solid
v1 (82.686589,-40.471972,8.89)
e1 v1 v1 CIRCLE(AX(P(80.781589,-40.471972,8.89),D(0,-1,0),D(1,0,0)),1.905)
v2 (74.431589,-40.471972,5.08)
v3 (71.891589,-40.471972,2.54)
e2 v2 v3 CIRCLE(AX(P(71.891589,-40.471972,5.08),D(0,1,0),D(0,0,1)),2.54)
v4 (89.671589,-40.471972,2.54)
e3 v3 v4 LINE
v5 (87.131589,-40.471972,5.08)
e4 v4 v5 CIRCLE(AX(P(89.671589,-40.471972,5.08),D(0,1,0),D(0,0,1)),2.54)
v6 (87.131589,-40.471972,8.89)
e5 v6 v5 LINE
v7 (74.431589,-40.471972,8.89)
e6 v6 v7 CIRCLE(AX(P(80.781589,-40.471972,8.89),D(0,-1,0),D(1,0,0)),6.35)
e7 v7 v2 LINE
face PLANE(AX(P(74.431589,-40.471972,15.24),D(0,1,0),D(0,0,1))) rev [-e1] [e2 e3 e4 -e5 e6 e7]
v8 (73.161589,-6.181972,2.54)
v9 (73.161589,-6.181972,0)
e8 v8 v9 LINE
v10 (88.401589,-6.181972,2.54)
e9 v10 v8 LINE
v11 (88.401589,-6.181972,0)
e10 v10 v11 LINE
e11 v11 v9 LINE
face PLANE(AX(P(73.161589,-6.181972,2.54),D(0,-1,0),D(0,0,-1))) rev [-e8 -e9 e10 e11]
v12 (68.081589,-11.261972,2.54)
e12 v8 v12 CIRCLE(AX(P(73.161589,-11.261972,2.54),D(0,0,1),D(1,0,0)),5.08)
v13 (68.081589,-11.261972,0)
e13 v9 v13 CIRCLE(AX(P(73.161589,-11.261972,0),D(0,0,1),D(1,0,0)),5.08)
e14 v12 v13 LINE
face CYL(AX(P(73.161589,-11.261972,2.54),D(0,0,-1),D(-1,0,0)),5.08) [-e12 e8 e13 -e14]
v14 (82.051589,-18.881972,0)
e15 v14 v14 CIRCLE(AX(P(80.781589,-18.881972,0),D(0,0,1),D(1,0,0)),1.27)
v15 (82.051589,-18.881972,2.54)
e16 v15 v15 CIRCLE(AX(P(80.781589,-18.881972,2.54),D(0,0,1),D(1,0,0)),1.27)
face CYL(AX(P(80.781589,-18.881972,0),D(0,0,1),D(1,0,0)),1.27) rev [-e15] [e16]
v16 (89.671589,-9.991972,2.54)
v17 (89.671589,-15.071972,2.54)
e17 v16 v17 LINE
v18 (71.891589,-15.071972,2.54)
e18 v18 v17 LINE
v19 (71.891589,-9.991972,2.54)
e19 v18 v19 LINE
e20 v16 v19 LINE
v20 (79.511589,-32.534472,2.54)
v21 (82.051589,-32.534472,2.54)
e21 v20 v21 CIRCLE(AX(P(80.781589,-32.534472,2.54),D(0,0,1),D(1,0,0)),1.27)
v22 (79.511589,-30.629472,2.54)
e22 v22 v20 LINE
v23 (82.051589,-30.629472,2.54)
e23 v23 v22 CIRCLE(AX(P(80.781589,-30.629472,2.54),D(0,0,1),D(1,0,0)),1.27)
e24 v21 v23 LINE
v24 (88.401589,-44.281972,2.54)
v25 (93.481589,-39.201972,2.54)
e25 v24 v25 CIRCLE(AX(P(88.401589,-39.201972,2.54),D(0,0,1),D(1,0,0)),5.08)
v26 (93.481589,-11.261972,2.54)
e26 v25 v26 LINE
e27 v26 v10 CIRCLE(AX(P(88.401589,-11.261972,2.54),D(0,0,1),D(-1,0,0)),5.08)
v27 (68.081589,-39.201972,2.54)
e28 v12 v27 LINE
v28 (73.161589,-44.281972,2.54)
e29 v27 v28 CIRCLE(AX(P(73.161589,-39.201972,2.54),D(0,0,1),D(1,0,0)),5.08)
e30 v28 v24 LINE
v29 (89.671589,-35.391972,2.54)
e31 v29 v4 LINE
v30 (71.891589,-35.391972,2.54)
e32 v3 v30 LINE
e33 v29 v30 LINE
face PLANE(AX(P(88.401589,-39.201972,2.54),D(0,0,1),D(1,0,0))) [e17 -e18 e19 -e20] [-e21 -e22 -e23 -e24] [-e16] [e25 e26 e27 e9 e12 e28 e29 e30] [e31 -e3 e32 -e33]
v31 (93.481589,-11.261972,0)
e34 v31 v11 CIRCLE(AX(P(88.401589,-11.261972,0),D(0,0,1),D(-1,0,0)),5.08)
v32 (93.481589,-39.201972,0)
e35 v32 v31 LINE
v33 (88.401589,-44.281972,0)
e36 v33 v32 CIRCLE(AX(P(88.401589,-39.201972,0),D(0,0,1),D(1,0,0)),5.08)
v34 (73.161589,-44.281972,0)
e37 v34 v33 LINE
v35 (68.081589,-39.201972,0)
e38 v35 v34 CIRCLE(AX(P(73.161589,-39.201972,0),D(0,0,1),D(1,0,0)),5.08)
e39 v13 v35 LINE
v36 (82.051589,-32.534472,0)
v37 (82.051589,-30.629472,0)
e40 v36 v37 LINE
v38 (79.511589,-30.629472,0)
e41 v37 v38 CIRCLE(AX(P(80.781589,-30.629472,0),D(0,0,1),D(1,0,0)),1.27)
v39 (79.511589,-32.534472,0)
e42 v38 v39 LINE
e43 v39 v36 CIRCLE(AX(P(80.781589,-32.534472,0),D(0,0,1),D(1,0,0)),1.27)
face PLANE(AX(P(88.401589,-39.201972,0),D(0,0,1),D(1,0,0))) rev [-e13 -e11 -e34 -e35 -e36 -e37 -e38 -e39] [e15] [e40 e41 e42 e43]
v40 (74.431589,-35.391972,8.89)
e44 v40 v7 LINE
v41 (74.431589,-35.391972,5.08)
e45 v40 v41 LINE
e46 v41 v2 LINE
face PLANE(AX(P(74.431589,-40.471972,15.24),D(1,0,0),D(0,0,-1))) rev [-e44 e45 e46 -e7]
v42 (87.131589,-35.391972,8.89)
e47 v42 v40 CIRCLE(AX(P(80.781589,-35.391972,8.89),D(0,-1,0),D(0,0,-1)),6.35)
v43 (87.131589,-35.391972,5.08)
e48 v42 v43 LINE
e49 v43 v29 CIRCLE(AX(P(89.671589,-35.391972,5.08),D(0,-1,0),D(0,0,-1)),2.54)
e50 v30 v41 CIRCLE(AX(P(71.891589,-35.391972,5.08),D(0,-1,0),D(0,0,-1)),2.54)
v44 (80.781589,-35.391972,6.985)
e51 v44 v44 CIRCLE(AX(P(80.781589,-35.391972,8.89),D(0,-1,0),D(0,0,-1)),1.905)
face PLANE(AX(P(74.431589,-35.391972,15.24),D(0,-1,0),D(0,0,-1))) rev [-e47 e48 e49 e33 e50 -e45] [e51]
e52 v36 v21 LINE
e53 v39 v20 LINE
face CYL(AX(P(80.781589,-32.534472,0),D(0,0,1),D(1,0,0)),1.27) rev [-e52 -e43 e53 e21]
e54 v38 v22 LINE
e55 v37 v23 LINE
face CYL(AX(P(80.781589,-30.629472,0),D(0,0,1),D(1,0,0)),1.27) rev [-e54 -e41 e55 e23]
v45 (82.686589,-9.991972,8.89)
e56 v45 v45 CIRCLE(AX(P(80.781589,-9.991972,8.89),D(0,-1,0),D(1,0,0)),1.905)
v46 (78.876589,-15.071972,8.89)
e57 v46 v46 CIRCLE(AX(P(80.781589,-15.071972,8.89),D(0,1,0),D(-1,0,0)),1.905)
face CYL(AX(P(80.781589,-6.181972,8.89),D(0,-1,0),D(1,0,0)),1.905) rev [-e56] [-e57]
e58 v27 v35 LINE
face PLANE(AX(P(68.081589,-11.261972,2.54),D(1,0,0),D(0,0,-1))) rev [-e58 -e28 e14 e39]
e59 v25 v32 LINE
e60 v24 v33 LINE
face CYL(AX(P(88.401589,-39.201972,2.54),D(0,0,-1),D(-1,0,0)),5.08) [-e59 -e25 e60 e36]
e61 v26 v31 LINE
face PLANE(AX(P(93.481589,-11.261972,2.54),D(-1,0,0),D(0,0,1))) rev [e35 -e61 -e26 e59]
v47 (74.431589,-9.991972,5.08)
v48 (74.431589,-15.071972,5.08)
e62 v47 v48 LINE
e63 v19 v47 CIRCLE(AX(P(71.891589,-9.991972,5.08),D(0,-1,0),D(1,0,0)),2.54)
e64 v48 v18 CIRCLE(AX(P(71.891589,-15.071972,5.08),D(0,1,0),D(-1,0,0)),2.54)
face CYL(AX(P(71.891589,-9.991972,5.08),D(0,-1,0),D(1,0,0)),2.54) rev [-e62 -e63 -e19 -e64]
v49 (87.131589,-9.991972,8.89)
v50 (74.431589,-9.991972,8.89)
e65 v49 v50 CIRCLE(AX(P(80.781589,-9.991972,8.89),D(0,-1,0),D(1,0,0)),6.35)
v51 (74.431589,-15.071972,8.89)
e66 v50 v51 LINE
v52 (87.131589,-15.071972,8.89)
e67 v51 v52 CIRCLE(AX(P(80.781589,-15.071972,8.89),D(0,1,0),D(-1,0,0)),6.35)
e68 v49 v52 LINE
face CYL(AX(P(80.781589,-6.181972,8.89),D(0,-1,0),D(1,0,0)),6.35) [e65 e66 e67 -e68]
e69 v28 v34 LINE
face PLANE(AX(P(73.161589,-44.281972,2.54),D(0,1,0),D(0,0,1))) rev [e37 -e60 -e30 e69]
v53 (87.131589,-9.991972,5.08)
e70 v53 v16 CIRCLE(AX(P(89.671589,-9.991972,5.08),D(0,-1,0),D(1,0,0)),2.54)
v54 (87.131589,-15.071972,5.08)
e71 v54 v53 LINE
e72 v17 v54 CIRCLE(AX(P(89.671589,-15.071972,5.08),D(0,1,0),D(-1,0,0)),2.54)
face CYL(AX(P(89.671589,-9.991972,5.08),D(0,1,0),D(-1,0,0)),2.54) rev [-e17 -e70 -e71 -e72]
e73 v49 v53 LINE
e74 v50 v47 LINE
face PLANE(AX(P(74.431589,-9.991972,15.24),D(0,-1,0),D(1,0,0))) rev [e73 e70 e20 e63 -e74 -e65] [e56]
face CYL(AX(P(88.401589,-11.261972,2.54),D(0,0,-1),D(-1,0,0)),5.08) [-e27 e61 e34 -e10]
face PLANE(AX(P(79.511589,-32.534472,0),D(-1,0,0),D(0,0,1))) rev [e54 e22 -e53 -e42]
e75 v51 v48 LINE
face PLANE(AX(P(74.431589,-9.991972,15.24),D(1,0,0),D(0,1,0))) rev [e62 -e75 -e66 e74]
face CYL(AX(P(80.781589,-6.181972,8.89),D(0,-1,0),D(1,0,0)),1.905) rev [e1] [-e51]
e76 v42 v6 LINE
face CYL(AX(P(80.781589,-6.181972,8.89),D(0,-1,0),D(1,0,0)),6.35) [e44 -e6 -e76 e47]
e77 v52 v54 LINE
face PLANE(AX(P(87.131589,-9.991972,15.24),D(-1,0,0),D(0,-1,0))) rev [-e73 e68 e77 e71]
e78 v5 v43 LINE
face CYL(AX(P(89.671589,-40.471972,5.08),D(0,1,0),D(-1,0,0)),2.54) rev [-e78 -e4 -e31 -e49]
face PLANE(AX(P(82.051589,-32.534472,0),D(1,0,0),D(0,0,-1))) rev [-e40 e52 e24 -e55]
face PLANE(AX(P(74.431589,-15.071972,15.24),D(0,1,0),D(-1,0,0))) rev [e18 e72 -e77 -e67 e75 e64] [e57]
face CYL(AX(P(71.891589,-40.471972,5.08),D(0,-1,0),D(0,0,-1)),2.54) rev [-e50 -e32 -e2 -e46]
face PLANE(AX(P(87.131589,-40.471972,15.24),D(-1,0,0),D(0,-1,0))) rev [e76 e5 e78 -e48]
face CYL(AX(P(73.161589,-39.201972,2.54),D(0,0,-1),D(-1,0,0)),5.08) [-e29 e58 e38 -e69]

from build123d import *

# Parameters (mm, degrees)
BOSS_EXTRUDE1_DEPTH = 2.54
SKETCH2_W           = 12.7
SKETCH2_H           = 5.08
BOSS_EXTRUDE2_DEPTH = 12.7
CUT_EXTRUDE2_DEPTH  = 101.731669178
SKETCH4_R           = 1.905
CUT_EXTRUDE3_DEPTH  = 101.731669178
SKETCH5_R           = 1.27
CUT_EXTRUDE4_DEPTH  = 105.216075999
FILLET2_R           = 2.54


with BuildPart() as part:
    # Sketch1 → Boss-Extrude1 (new body)
    with BuildSketch(Plane.XY):
        with BuildLine():
            Line((73.161588965, -6.18197174), (88.401588965, -6.18197174))
            ThreePointArc((88.401588965, -6.18197174), (91.993691413, -7.669869292), (93.481588965, -11.26197174))
            Line((93.481588965, -11.26197174), (93.481588965, -39.20197174))
            ThreePointArc((93.481588965, -39.20197174), (91.993691413, -42.794074189), (88.401588965, -44.28197174))
            Line((88.401588965, -44.28197174), (73.161588965, -44.28197174))
            ThreePointArc((73.161588965, -44.28197174), (69.569486517, -42.794074189), (68.081588965, -39.20197174))
            Line((68.081588965, -39.20197174), (68.081588965, -11.26197174))
            ThreePointArc((68.081588965, -11.26197174), (69.569486517, -7.669869292), (73.161588965, -6.18197174))
        make_face()
    extrude(amount=BOSS_EXTRUDE1_DEPTH)

    # Sketch2 → Boss-Extrude2 (add)
    with BuildSketch(Plane.XY.offset(2.54)):
        with Locations((80.781588965, -12.53197174)):
            Rectangle(SKETCH2_W, SKETCH2_H)
        with Locations((80.781588965, -37.93197174)):
            Rectangle(SKETCH2_W, SKETCH2_H)
    extrude(amount=BOSS_EXTRUDE2_DEPTH)

    # Sketch3 → Cut-Extrude2 (cut, through all)
    with BuildSketch(Plane(origin=(0, -40.47197174, 0), x_dir=(-1, 0, 0), z_dir=(0, -1, 0))):
        with BuildLine():
            Line((-74.431588965, -15.24), (-74.431588965, -8.89))
            ThreePointArc((-74.431588965, -8.89), (-76.291460904, -13.380128061), (-80.781588965, -15.24))
            Line((-80.781588965, -15.24), (-74.431588965, -15.24))
        make_face()
        with BuildLine():
            Line((-87.131588965, -15.24), (-80.781588965, -15.24))
            ThreePointArc((-80.781588965, -15.24), (-85.271717026, -13.380128061), (-87.131588965, -8.89))
            Line((-87.131588965, -8.89), (-87.131588965, -15.24))
        make_face()
    extrude(amount=-CUT_EXTRUDE2_DEPTH, mode=Mode.SUBTRACT)

    # Sketch4 → Cut-Extrude3 (cut, through all)
    with BuildSketch(Plane.XZ.offset(40.47197174)):
        with Locations((80.781588965, 8.89)):
            Circle(SKETCH4_R)
    extrude(amount=-CUT_EXTRUDE3_DEPTH, mode=Mode.SUBTRACT)

    # Sketch5 → Cut-Extrude4 (cut, through all)
    with BuildSketch(Plane.XY.offset(2.54)):
        with Locations((80.781588965, -18.88197174)):
            Circle(SKETCH5_R)
        with BuildLine():
            Line((79.511588965, -32.53447174), (79.511588965, -30.62947174))
            ThreePointArc((79.511588965, -30.62947174), (80.781588965, -29.35947174), (82.051588965, -30.62947174))
            Line((82.051588965, -30.62947174), (82.051588965, -32.53447174))
            ThreePointArc((82.051588965, -32.53447174), (80.781588965, -33.80447174), (79.511588965, -32.53447174))
        make_face()
    extrude(amount=-CUT_EXTRUDE4_DEPTH, mode=Mode.SUBTRACT)

    # Fillet2
    fillet2_edges = [part.edges().sort_by_distance(p)[0] for p in [
        (74.431588965, -12.53197174, 2.54),
        (87.131588965, -12.53197174, 2.54),
        (87.131588965, -37.93197174, 2.54),
        (74.431588965, -37.93197174, 2.54),
    ]]
    fillet(fillet2_edges, radius=FILLET2_R)


solid = part.part
